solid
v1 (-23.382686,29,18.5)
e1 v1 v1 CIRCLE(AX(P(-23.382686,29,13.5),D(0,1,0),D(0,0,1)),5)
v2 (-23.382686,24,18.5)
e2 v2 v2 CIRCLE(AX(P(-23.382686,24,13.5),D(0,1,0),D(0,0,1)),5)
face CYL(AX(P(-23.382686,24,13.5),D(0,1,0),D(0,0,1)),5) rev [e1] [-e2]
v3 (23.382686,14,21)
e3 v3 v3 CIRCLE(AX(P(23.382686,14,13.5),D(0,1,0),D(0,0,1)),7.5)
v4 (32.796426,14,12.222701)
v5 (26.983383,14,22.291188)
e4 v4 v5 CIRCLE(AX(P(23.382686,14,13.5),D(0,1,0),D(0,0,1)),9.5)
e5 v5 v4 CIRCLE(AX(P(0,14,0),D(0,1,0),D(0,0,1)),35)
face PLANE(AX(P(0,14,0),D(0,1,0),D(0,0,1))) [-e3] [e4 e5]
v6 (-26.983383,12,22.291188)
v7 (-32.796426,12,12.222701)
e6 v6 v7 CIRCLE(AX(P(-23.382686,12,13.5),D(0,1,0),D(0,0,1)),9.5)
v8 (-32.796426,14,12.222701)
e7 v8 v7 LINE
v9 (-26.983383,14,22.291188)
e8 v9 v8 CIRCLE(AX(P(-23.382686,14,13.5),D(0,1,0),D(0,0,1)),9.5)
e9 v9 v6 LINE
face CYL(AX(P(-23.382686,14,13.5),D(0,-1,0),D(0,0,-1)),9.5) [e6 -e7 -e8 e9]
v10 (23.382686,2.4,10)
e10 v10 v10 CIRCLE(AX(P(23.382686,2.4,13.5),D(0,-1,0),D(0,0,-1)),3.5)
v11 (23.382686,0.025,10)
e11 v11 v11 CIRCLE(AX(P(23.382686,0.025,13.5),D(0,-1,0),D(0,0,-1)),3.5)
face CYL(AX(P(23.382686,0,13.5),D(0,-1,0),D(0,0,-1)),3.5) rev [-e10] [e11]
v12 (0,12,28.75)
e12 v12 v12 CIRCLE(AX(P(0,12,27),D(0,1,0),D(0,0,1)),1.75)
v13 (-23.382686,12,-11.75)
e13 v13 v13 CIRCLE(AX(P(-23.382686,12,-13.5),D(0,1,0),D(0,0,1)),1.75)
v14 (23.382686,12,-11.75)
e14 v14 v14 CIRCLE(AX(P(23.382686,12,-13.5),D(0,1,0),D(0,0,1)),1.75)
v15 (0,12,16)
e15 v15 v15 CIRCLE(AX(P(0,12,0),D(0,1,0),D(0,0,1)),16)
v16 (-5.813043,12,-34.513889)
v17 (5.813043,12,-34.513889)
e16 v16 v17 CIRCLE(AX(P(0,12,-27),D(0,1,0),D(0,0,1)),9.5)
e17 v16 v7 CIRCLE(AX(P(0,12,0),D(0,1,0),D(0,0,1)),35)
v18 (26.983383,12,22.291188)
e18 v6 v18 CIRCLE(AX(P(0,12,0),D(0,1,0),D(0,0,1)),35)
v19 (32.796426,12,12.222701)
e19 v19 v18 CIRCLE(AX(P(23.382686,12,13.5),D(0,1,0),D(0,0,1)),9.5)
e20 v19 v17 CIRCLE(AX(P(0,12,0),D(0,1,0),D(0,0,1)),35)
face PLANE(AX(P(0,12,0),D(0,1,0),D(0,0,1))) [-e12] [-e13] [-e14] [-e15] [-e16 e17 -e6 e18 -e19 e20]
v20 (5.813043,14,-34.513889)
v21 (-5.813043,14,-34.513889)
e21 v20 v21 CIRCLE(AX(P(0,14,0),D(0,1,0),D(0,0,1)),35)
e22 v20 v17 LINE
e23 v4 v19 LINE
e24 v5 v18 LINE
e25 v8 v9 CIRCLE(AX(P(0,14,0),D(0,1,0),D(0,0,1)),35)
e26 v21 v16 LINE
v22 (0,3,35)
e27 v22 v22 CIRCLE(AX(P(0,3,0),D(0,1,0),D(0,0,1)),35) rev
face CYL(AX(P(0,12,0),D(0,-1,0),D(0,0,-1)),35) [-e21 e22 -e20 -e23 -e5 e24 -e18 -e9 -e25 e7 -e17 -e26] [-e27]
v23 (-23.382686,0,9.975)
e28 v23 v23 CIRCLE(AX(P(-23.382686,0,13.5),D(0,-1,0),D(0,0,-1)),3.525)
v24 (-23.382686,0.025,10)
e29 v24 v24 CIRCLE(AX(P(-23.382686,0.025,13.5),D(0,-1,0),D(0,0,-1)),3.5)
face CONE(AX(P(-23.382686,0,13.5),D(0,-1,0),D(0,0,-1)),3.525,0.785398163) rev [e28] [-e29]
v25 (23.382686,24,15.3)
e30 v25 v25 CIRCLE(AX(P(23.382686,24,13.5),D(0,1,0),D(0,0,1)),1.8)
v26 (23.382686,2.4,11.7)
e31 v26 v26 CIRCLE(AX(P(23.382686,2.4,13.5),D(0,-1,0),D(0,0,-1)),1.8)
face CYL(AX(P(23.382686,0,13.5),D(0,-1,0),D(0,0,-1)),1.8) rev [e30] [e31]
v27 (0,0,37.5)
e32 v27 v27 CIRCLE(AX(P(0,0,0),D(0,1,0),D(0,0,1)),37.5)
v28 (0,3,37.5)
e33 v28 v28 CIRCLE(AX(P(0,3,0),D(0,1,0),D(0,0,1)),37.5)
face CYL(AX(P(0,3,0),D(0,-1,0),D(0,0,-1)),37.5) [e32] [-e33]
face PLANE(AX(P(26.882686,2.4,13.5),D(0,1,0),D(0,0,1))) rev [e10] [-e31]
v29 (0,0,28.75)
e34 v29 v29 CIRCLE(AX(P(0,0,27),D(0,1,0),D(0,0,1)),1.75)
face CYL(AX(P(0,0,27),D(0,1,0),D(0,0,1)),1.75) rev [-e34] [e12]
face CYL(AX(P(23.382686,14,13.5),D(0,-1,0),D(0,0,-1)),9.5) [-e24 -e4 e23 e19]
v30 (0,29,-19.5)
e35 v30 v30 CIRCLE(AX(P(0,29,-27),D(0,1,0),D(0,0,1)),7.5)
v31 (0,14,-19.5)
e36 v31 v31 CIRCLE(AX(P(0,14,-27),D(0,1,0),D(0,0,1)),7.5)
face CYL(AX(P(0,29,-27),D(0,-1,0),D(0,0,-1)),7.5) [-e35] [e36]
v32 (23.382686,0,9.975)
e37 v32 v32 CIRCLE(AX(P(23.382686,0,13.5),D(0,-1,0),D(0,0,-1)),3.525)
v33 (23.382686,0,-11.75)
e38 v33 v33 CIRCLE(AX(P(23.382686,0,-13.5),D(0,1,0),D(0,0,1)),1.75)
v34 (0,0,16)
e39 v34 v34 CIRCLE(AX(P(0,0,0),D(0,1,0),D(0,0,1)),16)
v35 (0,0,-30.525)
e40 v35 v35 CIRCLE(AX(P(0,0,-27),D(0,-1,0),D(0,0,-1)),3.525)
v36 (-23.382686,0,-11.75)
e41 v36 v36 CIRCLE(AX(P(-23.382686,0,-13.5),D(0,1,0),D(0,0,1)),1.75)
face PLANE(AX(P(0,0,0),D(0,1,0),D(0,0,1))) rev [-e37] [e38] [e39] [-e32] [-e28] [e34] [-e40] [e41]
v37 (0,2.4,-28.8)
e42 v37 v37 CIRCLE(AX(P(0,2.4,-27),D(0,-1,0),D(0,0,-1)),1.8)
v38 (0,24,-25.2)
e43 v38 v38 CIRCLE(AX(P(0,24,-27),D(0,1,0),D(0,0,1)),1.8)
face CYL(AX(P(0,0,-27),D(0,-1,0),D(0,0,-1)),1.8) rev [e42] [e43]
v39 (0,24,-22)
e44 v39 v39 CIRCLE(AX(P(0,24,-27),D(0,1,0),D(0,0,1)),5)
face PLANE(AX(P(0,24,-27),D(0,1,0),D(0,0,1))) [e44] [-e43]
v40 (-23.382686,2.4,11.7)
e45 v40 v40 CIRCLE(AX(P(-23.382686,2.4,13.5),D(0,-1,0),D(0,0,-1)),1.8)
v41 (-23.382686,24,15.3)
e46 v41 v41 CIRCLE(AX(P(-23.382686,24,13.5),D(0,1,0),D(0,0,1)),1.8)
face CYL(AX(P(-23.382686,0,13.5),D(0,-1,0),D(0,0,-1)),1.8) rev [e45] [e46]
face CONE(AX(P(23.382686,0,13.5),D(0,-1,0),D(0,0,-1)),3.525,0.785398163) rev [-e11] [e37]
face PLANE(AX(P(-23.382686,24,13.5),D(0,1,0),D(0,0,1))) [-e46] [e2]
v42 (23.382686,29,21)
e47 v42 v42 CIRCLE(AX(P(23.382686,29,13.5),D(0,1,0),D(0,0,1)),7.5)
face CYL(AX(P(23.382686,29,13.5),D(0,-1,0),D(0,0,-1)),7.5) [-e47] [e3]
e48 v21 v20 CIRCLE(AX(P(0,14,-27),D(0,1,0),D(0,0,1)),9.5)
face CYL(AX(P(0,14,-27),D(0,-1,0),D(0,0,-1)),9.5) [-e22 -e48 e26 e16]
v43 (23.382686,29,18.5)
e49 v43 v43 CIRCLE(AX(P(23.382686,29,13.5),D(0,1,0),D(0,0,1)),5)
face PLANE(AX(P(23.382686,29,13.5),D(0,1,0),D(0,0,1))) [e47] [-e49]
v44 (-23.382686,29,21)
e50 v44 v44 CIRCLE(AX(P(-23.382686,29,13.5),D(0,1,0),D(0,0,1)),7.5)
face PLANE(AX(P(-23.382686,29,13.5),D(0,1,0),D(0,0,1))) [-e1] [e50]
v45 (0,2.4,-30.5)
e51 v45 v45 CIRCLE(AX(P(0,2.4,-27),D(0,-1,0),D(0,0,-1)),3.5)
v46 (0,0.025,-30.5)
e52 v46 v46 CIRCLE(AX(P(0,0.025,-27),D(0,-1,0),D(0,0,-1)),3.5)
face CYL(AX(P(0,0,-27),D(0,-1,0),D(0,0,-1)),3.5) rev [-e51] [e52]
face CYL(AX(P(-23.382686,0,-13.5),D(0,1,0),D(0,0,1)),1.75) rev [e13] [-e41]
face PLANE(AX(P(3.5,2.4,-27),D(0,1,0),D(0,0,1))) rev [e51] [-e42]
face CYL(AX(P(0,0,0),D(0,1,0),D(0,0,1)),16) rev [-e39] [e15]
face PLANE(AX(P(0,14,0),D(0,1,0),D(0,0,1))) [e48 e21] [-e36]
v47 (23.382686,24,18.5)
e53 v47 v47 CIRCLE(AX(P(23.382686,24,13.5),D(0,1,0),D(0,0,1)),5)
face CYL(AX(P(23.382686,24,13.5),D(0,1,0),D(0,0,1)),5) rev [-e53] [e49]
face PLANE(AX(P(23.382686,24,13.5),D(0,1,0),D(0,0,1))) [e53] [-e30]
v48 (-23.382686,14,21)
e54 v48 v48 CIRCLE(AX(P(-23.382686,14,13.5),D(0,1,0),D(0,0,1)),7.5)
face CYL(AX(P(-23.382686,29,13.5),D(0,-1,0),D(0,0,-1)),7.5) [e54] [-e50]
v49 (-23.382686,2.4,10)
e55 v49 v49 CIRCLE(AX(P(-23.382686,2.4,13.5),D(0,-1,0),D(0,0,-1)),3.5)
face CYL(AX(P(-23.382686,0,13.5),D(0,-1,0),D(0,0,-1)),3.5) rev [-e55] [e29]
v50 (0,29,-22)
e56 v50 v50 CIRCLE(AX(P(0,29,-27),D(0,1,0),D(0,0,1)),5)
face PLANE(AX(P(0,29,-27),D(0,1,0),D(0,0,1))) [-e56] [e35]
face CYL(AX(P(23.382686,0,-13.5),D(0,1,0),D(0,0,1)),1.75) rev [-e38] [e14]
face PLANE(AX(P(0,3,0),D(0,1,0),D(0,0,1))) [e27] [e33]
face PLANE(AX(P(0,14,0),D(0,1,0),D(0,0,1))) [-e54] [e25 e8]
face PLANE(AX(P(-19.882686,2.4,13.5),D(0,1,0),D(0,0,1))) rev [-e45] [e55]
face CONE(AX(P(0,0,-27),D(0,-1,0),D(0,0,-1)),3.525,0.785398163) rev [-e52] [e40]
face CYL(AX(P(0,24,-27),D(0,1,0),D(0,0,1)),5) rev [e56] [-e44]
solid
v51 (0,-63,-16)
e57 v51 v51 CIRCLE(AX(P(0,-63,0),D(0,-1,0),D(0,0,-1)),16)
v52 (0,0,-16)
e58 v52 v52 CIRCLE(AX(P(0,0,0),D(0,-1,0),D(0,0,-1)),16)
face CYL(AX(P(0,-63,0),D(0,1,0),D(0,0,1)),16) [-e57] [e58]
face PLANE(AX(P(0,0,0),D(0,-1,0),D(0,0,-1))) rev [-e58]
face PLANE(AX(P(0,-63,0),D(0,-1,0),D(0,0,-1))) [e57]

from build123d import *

# Parameters (mm, degrees)
SKETCH1_R                                     = 37.5
BOSS_EXTRUDE1_DEPTH                           = 3
SKETCH1_3_R                                   = 35
BOSS_EXTRUDE2_DEPTH                           = 12
SKETCH13_R                                    = 16
CUT_EXTRUDE6_DEPTH                            = 55.373706881
BOSS_EXTRUDE9_DEPTH                           = 2
SKETCH25_R                                    = 7.5
BOSS_EXTRUDE10_DEPTH                          = 15
SKETCH26_R                                    = 5
CUT_EXTRUDE9_DEPTH                            = 5
CBORE_FOR_M3_PAN_HEAD_MACHINE_SCREW1_AT_COUNT = 2
CBORE_FOR_M3_PAN_HEAD_MACHINE_SCREW1_AT_PITCH = 46.765371804
CBORE_FOR_M3_PAN_HEAD_MACHINE_SCREW1_2_COUNT  = 2
CBORE_FOR_M3_PAN_HEAD_MACHINE_SCREW1_2_PITCH  = 46.765371804
SKETCH29_R                                    = 1.75
CUT_EXTRUDE10_DEPTH                           = 56.691112397
SKETCH30_R                                    = 16
BOSS_EXTRUDE11_DEPTH                          = 63


with BuildPart() as part:
    # Sketch1 → Boss-Extrude1 (new body)
    with BuildSketch(Plane(origin=(0, 0, 0), x_dir=(1, 0, 0), z_dir=(0, 1, 0))):
        Circle(SKETCH1_R)
    extrude(amount=BOSS_EXTRUDE1_DEPTH)

    # Sketch1<3> → Boss-Extrude2 (add)
    with BuildSketch(Plane(origin=(0, 0, 0), x_dir=(1, 0, 0), z_dir=(0, 1, 0))):
        Circle(SKETCH1_3_R)
    extrude(amount=BOSS_EXTRUDE2_DEPTH)

    # Sketch13 → Cut-Extrude6 (cut, through all)
    with BuildSketch(Plane(origin=(0, 12, 0), x_dir=(1, 0, 0), z_dir=(0, 1, 0))):
        Circle(SKETCH13_R)
    extrude(amount=-CUT_EXTRUDE6_DEPTH, mode=Mode.SUBTRACT)

    # Sketch24 → Boss-Extrude9 (add)
    with BuildSketch(Plane(origin=(0, 12, 0), x_dir=(1, 0, 0), z_dir=(0, 1, 0))):
        with BuildLine():
            ThreePointArc((5.813043417, 34.513888889), (0, 35), (-5.813043417, 34.513888889))
            ThreePointArc((-5.813043417, 34.513888889), (0, 17.5), (5.813043417, 34.513888889))
        make_face()
        with BuildLine():
            ThreePointArc((-26.983382853, -22.291187717), (-15.155444566, -8.75), (-32.79642627, -12.222701172))
            ThreePointArc((-32.79642627, -12.222701172), (-30.310889132, -17.5), (-26.983382853, -22.291187717))
        make_face()
        with BuildLine():
            ThreePointArc((26.983382853, -22.291187717), (30.310889132, -17.5), (32.79642627, -12.222701172))
            ThreePointArc((32.79642627, -12.222701172), (15.155444566, -8.75), (26.983382853, -22.291187717))
        make_face()
    extrude(amount=BOSS_EXTRUDE9_DEPTH)

    # Sketch25 → Boss-Extrude10 (add)
    with BuildSketch(Plane(origin=(0, 14, 0), x_dir=(1, 0, 0), z_dir=(0, 1, 0))):
        with Locations((0, 27)):
            Circle(SKETCH25_R)
        with Locations((23.382685902, -13.5)):
            Circle(SKETCH25_R)
        with Locations((-23.382685902, -13.5)):
            Circle(SKETCH25_R)
    extrude(amount=BOSS_EXTRUDE10_DEPTH)

    # Sketch26 → Cut-Extrude9 (cut)
    with BuildSketch(Plane(origin=(0, 29, 0), x_dir=(1, 0, 0), z_dir=(0, 1, 0))):
        with Locations((0, 27)):
            Circle(SKETCH26_R)
        with Locations((23.382685902, -13.5)):
            Circle(SKETCH26_R)
        with Locations((-23.382685902, -13.5)):
            Circle(SKETCH26_R)
    extrude(amount=-CUT_EXTRUDE9_DEPTH, mode=Mode.SUBTRACT)

    # Sketch28 → CBORE for M3 Pan Head Machine Screw1 (revolve, cut)
    with BuildSketch(Plane(origin=(0, 0, -27), x_dir=(0, 0, -1), z_dir=(1, 0, 0))):
        Polygon((0, 0), (0, 29), (1.8, 29), (1.8, 2.4), (3.5, 2.4), (3.5, 0.025), (3.525, 0), align=None)
    cbore_for_m3_pan_head_machine_screw1 = revolve(axis=Axis((0, -6.35, -27), (0, 1, 0)), mode=Mode.SUBTRACT)

    # CBORE for M3 Pan Head Machine Screw1 at: CBORE for M3 Pan Head Machine Screw1 ×2
    with Locations(*[Vector(-0.5000000000000369, 0, 0.8660254037844174) * (i * CBORE_FOR_M3_PAN_HEAD_MACHINE_SCREW1_AT_PITCH) for i in range(1, CBORE_FOR_M3_PAN_HEAD_MACHINE_SCREW1_AT_COUNT)]):
        add(cbore_for_m3_pan_head_machine_screw1, mode=Mode.SUBTRACT)

    # CBORE for M3 Pan Head Machine Screw1 2: CBORE for M3 Pan Head Machine Screw1 ×2
    with Locations(*[Vector(0.49999999999996353, 0, 0.8660254037844598) * (i * CBORE_FOR_M3_PAN_HEAD_MACHINE_SCREW1_2_PITCH) for i in range(1, CBORE_FOR_M3_PAN_HEAD_MACHINE_SCREW1_2_COUNT)]):
        add(cbore_for_m3_pan_head_machine_screw1, mode=Mode.SUBTRACT)

    # Sketch29 → Cut-Extrude10 (cut, through all)
    with BuildSketch(Plane(origin=(0, 12, 0), x_dir=(1, 0, 0), z_dir=(0, 1, 0))):
        with Locations((23.382685902, 13.5)):
            Circle(SKETCH29_R)
        with Locations((0, -27)):
            Circle(SKETCH29_R)
        with Locations((-23.382685902, 13.5)):
            Circle(SKETCH29_R)
    extrude(amount=-CUT_EXTRUDE10_DEPTH, mode=Mode.SUBTRACT)


with BuildPart() as body_2:
    # Sketch30 → Boss-Extrude11 (new body)
    with BuildSketch(Plane.XZ):
        Circle(SKETCH30_R)
    extrude(amount=BOSS_EXTRUDE11_DEPTH)


solid = Compound([part.part, body_2.part])
